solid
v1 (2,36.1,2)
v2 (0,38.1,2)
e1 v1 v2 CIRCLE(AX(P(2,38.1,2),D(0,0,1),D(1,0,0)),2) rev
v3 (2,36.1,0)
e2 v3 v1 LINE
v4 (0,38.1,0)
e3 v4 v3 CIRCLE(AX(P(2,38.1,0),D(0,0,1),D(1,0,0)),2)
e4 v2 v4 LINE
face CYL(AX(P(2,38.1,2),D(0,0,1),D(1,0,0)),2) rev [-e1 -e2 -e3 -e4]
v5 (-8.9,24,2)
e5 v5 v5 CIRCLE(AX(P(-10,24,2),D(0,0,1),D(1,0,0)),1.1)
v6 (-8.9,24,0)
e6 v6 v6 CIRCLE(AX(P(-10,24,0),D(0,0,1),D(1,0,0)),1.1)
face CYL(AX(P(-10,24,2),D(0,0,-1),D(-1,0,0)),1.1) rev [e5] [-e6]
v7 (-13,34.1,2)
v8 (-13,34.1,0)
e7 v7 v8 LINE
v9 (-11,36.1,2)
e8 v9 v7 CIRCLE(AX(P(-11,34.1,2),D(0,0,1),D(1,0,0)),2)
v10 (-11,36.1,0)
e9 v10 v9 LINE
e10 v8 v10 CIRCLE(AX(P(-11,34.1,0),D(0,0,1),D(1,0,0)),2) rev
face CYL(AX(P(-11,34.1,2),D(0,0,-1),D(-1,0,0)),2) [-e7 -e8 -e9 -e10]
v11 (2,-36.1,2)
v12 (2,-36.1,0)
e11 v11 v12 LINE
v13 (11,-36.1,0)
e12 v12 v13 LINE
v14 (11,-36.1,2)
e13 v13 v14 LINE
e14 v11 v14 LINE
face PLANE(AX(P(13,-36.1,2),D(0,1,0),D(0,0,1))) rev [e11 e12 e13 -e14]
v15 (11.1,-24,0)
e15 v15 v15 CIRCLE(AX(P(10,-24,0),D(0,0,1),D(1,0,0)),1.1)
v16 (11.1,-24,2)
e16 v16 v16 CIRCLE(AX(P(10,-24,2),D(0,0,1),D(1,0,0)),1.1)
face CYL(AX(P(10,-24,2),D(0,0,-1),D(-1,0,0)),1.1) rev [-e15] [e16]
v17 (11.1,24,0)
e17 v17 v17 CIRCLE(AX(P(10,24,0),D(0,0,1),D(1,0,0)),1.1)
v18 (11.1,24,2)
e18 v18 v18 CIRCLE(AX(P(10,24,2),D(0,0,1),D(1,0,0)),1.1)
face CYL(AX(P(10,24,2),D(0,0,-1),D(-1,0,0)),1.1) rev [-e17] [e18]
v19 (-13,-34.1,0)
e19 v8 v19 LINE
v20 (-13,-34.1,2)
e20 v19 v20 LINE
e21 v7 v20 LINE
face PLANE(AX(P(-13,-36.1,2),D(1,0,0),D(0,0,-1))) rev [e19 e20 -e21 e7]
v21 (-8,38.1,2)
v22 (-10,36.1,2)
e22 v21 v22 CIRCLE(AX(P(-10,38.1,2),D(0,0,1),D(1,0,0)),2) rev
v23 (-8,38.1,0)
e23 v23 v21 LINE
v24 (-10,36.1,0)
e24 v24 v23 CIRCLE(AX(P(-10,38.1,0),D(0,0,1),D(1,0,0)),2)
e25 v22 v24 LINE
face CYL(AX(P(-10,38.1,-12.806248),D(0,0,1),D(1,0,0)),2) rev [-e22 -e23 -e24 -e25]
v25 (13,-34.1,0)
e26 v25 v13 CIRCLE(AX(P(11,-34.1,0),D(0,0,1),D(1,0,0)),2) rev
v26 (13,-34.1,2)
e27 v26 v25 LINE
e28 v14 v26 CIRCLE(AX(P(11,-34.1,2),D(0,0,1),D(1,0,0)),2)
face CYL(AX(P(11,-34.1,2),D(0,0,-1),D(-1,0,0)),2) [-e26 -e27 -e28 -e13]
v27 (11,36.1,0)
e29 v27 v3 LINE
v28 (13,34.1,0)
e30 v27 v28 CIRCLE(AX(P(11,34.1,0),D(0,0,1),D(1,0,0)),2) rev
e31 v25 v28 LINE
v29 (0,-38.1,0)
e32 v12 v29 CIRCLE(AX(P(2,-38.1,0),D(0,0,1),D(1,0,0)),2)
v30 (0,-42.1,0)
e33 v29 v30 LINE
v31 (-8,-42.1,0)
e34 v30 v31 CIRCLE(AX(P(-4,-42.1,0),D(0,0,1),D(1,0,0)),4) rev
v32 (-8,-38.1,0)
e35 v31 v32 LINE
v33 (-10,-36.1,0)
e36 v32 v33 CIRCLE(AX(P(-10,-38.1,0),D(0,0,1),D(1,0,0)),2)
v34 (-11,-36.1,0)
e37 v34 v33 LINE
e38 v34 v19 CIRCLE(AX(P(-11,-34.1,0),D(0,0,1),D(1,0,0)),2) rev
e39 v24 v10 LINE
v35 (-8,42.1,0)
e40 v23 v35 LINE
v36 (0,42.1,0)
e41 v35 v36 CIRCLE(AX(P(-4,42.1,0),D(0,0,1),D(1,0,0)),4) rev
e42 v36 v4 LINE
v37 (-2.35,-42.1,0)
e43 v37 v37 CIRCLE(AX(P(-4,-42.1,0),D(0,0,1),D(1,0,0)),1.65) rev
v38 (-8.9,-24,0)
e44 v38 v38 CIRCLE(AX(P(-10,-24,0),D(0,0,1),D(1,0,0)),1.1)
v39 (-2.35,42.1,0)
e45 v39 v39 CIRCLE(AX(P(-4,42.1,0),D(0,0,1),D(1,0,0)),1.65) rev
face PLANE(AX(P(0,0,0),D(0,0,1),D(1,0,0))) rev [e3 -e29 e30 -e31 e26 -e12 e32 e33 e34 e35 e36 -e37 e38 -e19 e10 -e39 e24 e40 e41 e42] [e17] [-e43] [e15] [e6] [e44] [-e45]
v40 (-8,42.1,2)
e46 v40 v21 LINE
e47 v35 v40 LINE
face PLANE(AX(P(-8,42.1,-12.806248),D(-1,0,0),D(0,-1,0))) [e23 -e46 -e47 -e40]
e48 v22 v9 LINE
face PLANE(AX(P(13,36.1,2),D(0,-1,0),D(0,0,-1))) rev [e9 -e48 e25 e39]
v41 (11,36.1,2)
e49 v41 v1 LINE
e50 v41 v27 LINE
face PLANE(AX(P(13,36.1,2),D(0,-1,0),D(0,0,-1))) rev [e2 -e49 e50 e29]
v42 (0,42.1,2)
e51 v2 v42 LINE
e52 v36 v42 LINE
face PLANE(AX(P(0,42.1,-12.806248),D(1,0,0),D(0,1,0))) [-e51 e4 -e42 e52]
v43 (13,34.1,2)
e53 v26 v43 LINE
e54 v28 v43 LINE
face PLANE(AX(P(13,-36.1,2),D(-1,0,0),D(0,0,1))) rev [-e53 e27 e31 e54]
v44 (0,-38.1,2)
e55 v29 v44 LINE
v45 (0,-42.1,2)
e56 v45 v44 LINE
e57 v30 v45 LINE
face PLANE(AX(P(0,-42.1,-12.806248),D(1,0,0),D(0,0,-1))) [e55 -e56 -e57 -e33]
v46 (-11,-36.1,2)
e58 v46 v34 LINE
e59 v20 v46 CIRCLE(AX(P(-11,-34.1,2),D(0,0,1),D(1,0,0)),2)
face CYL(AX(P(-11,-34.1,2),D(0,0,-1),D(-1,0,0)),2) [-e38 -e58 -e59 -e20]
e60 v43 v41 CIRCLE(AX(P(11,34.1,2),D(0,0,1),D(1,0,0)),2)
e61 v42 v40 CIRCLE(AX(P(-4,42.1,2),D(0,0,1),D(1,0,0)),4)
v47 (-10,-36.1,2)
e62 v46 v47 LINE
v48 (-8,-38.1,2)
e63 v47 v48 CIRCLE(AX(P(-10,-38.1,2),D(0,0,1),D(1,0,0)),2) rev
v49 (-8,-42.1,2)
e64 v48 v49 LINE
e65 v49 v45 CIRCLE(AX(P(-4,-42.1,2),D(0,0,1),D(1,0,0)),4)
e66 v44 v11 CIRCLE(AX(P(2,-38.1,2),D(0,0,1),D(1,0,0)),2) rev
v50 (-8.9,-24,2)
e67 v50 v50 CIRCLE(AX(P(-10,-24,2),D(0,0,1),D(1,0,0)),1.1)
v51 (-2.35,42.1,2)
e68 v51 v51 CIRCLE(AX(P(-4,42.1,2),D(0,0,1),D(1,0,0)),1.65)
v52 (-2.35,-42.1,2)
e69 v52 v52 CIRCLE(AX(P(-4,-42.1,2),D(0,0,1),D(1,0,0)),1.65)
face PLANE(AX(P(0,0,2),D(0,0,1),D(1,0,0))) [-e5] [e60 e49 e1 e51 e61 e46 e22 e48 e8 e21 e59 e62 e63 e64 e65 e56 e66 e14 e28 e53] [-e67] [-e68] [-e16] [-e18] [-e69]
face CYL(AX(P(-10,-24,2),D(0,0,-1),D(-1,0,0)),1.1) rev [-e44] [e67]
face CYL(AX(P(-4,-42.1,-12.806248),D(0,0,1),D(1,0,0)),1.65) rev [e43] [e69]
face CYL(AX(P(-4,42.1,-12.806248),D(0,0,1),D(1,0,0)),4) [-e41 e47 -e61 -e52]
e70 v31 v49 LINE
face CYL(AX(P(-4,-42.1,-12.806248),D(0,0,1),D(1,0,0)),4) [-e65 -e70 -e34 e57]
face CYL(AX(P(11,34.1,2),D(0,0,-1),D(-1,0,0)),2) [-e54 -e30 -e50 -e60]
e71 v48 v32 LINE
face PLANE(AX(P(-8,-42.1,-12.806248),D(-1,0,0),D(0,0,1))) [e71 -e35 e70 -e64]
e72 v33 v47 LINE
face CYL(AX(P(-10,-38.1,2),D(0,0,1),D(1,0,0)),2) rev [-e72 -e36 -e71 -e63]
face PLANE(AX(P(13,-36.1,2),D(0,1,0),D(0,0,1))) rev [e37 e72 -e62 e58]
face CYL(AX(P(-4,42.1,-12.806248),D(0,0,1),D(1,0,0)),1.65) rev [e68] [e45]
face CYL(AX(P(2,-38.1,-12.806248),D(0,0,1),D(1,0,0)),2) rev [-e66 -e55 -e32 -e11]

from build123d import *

# Parameters (mm, degrees)
SKETCH_1_W      = 26
SKETCH_1_H      = 72.2
SKETCH_1_R      = 1.1
EXTRUDE_1_DEPTH = 2
SKETCH_2_R      = 1.65
EXTRUDE_2_DEPTH = 2
FILLET_1_R      = 2


with BuildPart() as part:
    # 草图1 → 凸台-拉伸1 (new body)
    with BuildSketch(Plane.XY):
        Rectangle(SKETCH_1_W, SKETCH_1_H)
        with Locations((-10, 24)):
            Circle(SKETCH_1_R, mode=Mode.SUBTRACT)
        with Locations((10, 24)):
            Circle(SKETCH_1_R, mode=Mode.SUBTRACT)
        with Locations((-10, -24)):
            Circle(SKETCH_1_R, mode=Mode.SUBTRACT)
        with Locations((10, -24)):
            Circle(SKETCH_1_R, mode=Mode.SUBTRACT)
    extrude(amount=EXTRUDE_1_DEPTH)

    # 草图2 → 凸台-拉伸2 (add)
    # profile 1 of 2: a face of its own
    with BuildSketch(Plane.XY.offset(2)):
        with BuildLine():
            Line((-8, 42.1), (-8, 36.1))
            Line((-8, 36.1), (0, 36.1))
            Line((0, 36.1), (0, 42.1))
            ThreePointArc((0, 42.1), (-4, 46.1), (-8, 42.1))
        make_face()
        with Locations((-4, 42.1)):
            Circle(SKETCH_2_R, mode=Mode.SUBTRACT)
    # profile 2 of 2: a face of its own
    with BuildSketch(Plane.XY.offset(2)):
        with BuildLine():
            Line((-8, -42.1), (-8, -36.1))
            Line((-8, -36.1), (0, -36.1))
            Line((0, -36.1), (0, -42.1))
            ThreePointArc((0, -42.1), (-4, -46.1), (-8, -42.1))
        make_face()
        with Locations((-4, -42.1)):
            Circle(SKETCH_2_R, mode=Mode.SUBTRACT)
    extrude(amount=-EXTRUDE_2_DEPTH)

    # 圆角1
    fillet_1_edges = [part.edges().sort_by_distance(p)[0] for p in [
        (-8, 36.1, 1),
        (0, 36.1, 1),
        (0, -36.1, 1),
        (-8, -36.1, 1),
        (-13, 36.1, 1),
        (13, 36.1, 1),
        (13, -36.1, 1),
        (-13, -36.1, 1),
    ]]
    fillet(fillet_1_edges, radius=FILLET_1_R)


solid = part.part
